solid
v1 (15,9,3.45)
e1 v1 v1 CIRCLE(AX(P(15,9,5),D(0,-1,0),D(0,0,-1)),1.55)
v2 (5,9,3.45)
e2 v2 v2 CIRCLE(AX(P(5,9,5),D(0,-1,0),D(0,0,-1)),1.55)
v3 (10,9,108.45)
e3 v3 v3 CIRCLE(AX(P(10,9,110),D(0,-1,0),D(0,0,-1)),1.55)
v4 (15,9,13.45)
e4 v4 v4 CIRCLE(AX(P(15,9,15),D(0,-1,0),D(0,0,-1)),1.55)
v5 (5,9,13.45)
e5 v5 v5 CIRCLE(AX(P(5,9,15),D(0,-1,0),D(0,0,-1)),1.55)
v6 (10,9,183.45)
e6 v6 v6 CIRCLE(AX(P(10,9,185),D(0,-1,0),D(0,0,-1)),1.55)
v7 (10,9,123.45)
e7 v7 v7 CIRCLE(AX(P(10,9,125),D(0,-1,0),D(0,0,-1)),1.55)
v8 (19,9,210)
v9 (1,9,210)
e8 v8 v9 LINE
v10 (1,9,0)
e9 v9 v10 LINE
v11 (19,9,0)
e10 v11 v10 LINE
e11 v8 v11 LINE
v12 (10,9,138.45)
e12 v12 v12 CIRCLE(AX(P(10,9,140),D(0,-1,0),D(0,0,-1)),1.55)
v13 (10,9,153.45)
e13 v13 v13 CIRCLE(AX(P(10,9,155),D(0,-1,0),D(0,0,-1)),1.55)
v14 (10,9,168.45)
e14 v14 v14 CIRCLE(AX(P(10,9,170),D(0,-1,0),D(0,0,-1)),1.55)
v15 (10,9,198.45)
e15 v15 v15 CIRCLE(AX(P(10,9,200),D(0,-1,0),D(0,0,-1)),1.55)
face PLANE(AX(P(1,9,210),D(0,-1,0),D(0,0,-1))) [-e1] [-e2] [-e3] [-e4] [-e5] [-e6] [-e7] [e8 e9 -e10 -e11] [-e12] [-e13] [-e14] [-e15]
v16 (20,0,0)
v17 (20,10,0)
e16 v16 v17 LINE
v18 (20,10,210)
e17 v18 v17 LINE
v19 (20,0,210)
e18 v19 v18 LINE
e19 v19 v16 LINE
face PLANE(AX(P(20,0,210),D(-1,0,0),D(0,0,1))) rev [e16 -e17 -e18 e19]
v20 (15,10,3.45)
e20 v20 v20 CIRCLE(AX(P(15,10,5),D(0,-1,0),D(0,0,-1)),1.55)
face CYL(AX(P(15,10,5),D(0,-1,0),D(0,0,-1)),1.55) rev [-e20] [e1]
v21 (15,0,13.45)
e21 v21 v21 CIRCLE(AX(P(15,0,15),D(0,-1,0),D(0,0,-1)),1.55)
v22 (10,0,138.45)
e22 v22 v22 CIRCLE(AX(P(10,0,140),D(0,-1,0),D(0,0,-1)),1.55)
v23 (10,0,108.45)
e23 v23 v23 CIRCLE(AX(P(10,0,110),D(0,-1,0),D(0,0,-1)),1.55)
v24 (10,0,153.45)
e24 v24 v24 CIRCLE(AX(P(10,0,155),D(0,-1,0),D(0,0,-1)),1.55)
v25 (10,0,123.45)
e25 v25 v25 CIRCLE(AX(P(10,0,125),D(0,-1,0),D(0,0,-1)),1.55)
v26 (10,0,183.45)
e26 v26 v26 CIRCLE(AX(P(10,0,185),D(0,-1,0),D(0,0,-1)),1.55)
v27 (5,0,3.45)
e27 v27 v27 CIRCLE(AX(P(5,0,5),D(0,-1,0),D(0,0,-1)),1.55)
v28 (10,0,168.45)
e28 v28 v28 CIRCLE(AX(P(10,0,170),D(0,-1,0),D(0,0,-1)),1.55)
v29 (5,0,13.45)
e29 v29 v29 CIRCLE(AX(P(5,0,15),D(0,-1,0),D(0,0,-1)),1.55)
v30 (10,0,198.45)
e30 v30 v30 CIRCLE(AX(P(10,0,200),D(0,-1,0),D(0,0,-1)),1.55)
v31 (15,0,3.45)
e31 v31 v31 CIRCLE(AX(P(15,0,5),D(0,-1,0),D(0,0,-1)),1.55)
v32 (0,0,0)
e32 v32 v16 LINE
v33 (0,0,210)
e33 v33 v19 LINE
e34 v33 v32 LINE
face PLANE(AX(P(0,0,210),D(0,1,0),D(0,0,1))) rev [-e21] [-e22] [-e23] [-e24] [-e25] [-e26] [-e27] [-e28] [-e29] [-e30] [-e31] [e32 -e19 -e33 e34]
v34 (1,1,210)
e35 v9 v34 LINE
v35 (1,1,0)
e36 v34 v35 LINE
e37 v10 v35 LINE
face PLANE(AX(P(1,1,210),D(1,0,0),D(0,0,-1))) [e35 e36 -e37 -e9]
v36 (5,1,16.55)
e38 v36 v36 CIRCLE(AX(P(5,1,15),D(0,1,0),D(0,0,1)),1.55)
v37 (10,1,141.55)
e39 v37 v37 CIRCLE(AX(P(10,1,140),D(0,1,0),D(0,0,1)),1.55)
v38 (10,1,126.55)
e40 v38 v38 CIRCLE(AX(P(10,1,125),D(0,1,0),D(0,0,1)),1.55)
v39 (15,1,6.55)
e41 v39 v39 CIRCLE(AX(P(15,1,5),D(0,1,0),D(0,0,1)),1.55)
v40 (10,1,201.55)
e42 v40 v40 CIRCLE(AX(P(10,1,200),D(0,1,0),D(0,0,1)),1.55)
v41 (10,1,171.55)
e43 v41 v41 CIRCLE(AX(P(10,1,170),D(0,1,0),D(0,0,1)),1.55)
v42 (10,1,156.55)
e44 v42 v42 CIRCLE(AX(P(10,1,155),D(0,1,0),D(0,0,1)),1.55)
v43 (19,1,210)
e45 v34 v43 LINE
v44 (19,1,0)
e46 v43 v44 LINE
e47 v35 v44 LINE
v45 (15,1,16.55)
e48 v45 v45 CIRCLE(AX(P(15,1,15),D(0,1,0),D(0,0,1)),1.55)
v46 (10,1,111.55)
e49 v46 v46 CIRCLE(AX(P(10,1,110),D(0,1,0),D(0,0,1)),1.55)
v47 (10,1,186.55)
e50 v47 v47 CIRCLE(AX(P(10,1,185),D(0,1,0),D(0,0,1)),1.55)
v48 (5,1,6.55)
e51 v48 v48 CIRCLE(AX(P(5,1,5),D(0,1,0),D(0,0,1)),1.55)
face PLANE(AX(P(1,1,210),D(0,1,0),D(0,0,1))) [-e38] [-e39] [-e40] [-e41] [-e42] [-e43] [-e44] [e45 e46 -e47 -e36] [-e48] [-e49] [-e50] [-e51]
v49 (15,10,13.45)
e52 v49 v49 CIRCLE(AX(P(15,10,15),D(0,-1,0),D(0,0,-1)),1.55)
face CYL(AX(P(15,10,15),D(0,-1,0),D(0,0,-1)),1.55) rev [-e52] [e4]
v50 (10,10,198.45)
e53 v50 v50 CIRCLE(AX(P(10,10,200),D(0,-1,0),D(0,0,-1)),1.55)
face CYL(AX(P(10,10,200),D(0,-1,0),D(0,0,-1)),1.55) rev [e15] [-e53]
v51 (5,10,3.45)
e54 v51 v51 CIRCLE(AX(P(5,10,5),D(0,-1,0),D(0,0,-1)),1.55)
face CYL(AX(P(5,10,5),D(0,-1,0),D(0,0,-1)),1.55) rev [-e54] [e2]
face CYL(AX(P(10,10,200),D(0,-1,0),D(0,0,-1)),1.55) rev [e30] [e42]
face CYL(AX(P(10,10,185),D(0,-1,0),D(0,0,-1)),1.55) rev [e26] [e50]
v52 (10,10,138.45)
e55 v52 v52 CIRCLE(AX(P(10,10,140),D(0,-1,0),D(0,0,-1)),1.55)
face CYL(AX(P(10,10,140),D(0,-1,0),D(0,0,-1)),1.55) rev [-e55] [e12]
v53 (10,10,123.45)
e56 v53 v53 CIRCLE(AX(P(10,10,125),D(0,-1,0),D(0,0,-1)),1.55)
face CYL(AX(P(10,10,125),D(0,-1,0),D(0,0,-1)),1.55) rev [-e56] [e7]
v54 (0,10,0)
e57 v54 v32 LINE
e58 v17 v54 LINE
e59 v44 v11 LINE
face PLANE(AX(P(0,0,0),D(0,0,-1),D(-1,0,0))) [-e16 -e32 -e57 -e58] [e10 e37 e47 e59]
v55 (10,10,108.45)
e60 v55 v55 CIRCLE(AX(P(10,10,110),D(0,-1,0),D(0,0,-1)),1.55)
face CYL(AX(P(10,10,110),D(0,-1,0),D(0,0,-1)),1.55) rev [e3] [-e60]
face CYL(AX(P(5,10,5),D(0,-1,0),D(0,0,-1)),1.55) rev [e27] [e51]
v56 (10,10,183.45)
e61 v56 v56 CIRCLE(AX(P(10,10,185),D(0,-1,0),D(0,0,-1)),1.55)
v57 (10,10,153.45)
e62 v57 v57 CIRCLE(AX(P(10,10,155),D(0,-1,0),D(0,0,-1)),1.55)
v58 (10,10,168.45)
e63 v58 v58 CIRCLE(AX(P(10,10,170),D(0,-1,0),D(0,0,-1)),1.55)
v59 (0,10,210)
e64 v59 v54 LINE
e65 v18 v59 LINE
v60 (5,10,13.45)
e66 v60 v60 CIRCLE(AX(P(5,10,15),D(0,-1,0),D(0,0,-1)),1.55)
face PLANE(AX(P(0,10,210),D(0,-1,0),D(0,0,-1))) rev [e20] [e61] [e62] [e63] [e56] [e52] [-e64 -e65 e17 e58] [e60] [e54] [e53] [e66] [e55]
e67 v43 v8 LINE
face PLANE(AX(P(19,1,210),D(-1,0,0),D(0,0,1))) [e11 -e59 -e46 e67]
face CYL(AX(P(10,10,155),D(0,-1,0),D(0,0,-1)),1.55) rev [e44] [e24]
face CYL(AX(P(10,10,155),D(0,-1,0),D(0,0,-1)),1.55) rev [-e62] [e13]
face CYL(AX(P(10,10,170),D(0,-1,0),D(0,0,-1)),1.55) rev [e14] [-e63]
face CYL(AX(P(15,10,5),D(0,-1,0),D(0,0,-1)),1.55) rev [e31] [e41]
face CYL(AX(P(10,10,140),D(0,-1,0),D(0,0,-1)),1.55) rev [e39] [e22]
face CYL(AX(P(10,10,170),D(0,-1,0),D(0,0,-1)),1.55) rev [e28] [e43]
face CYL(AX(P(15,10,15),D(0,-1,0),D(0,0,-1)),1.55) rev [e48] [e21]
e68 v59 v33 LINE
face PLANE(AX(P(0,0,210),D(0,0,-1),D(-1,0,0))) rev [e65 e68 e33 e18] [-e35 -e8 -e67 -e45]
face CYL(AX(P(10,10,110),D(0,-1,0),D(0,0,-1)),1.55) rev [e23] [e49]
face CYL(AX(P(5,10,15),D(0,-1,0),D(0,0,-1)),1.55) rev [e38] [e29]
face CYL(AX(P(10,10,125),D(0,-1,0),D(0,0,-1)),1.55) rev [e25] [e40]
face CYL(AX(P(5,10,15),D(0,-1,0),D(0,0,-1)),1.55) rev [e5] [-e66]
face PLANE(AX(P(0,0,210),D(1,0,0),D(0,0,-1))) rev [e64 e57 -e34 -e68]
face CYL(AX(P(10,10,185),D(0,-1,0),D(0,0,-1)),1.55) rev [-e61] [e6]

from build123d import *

# Parameters (mm, degrees)
SKETCH_1_W          = 20
SKETCH_1_H          = 10
SKETCH_1_W_2        = 18
SKETCH_1_H_2        = 8
EXTRUDE_1_DEPTH     = 210
SKETCH_2_R          = 1.55
CUT_EXTRUDE_1_DEPTH = 212.187120819
SKETCH_3_R          = 1.55
CUT_EXTRUDE_2_DEPTH = 212.187120819


with BuildPart() as part:
    # 草图1 → 凸台-拉伸1 (new body)
    with BuildSketch(Plane.XY):
        with Locations((10, 5)):
            Rectangle(SKETCH_1_W, SKETCH_1_H)
        with Locations((10, 5)):
            Rectangle(SKETCH_1_W_2, SKETCH_1_H_2, mode=Mode.SUBTRACT)
    extrude(amount=EXTRUDE_1_DEPTH)

    # 草图2 → 切除-拉伸1 (cut, through all)
    with BuildSketch(Plane.XZ):
        with Locations(Location((5, 5, 0), (0, 0, 270))):
            Circle(SKETCH_2_R)
        with Locations(Location((15, 5, 0), (0, 0, 270))):
            Circle(SKETCH_2_R)
        with Locations(Location((15, 15, 0), (0, 0, 270))):
            Circle(SKETCH_2_R)
        with Locations(Location((5, 15, 0), (0, 0, 270))):
            Circle(SKETCH_2_R)
    extrude(amount=-CUT_EXTRUDE_1_DEPTH, mode=Mode.SUBTRACT)

    # 草图3 → 切除-拉伸2 (cut, through all)
    with BuildSketch(Plane.XZ):
        with Locations(Location((10, 200, 0), (0, 0, 270))):
            Circle(SKETCH_3_R)
        with Locations(Location((10, 185, 0), (0, 0, 270))):
            Circle(SKETCH_3_R)
        with Locations(Location((10, 170, 0), (0, 0, 270))):
            Circle(SKETCH_3_R)
        with Locations(Location((10, 155, 0), (0, 0, 270))):
            Circle(SKETCH_3_R)
        with Locations(Location((10, 140, 0), (0, 0, 270))):
            Circle(SKETCH_3_R)
        with Locations(Location((10, 125, 0), (0, 0, 270))):
            Circle(SKETCH_3_R)
        with Locations(Location((10, 110, 0), (0, 0, 270))):
            Circle(SKETCH_3_R)
    extrude(amount=-CUT_EXTRUDE_2_DEPTH, mode=Mode.SUBTRACT)


solid = part.part
